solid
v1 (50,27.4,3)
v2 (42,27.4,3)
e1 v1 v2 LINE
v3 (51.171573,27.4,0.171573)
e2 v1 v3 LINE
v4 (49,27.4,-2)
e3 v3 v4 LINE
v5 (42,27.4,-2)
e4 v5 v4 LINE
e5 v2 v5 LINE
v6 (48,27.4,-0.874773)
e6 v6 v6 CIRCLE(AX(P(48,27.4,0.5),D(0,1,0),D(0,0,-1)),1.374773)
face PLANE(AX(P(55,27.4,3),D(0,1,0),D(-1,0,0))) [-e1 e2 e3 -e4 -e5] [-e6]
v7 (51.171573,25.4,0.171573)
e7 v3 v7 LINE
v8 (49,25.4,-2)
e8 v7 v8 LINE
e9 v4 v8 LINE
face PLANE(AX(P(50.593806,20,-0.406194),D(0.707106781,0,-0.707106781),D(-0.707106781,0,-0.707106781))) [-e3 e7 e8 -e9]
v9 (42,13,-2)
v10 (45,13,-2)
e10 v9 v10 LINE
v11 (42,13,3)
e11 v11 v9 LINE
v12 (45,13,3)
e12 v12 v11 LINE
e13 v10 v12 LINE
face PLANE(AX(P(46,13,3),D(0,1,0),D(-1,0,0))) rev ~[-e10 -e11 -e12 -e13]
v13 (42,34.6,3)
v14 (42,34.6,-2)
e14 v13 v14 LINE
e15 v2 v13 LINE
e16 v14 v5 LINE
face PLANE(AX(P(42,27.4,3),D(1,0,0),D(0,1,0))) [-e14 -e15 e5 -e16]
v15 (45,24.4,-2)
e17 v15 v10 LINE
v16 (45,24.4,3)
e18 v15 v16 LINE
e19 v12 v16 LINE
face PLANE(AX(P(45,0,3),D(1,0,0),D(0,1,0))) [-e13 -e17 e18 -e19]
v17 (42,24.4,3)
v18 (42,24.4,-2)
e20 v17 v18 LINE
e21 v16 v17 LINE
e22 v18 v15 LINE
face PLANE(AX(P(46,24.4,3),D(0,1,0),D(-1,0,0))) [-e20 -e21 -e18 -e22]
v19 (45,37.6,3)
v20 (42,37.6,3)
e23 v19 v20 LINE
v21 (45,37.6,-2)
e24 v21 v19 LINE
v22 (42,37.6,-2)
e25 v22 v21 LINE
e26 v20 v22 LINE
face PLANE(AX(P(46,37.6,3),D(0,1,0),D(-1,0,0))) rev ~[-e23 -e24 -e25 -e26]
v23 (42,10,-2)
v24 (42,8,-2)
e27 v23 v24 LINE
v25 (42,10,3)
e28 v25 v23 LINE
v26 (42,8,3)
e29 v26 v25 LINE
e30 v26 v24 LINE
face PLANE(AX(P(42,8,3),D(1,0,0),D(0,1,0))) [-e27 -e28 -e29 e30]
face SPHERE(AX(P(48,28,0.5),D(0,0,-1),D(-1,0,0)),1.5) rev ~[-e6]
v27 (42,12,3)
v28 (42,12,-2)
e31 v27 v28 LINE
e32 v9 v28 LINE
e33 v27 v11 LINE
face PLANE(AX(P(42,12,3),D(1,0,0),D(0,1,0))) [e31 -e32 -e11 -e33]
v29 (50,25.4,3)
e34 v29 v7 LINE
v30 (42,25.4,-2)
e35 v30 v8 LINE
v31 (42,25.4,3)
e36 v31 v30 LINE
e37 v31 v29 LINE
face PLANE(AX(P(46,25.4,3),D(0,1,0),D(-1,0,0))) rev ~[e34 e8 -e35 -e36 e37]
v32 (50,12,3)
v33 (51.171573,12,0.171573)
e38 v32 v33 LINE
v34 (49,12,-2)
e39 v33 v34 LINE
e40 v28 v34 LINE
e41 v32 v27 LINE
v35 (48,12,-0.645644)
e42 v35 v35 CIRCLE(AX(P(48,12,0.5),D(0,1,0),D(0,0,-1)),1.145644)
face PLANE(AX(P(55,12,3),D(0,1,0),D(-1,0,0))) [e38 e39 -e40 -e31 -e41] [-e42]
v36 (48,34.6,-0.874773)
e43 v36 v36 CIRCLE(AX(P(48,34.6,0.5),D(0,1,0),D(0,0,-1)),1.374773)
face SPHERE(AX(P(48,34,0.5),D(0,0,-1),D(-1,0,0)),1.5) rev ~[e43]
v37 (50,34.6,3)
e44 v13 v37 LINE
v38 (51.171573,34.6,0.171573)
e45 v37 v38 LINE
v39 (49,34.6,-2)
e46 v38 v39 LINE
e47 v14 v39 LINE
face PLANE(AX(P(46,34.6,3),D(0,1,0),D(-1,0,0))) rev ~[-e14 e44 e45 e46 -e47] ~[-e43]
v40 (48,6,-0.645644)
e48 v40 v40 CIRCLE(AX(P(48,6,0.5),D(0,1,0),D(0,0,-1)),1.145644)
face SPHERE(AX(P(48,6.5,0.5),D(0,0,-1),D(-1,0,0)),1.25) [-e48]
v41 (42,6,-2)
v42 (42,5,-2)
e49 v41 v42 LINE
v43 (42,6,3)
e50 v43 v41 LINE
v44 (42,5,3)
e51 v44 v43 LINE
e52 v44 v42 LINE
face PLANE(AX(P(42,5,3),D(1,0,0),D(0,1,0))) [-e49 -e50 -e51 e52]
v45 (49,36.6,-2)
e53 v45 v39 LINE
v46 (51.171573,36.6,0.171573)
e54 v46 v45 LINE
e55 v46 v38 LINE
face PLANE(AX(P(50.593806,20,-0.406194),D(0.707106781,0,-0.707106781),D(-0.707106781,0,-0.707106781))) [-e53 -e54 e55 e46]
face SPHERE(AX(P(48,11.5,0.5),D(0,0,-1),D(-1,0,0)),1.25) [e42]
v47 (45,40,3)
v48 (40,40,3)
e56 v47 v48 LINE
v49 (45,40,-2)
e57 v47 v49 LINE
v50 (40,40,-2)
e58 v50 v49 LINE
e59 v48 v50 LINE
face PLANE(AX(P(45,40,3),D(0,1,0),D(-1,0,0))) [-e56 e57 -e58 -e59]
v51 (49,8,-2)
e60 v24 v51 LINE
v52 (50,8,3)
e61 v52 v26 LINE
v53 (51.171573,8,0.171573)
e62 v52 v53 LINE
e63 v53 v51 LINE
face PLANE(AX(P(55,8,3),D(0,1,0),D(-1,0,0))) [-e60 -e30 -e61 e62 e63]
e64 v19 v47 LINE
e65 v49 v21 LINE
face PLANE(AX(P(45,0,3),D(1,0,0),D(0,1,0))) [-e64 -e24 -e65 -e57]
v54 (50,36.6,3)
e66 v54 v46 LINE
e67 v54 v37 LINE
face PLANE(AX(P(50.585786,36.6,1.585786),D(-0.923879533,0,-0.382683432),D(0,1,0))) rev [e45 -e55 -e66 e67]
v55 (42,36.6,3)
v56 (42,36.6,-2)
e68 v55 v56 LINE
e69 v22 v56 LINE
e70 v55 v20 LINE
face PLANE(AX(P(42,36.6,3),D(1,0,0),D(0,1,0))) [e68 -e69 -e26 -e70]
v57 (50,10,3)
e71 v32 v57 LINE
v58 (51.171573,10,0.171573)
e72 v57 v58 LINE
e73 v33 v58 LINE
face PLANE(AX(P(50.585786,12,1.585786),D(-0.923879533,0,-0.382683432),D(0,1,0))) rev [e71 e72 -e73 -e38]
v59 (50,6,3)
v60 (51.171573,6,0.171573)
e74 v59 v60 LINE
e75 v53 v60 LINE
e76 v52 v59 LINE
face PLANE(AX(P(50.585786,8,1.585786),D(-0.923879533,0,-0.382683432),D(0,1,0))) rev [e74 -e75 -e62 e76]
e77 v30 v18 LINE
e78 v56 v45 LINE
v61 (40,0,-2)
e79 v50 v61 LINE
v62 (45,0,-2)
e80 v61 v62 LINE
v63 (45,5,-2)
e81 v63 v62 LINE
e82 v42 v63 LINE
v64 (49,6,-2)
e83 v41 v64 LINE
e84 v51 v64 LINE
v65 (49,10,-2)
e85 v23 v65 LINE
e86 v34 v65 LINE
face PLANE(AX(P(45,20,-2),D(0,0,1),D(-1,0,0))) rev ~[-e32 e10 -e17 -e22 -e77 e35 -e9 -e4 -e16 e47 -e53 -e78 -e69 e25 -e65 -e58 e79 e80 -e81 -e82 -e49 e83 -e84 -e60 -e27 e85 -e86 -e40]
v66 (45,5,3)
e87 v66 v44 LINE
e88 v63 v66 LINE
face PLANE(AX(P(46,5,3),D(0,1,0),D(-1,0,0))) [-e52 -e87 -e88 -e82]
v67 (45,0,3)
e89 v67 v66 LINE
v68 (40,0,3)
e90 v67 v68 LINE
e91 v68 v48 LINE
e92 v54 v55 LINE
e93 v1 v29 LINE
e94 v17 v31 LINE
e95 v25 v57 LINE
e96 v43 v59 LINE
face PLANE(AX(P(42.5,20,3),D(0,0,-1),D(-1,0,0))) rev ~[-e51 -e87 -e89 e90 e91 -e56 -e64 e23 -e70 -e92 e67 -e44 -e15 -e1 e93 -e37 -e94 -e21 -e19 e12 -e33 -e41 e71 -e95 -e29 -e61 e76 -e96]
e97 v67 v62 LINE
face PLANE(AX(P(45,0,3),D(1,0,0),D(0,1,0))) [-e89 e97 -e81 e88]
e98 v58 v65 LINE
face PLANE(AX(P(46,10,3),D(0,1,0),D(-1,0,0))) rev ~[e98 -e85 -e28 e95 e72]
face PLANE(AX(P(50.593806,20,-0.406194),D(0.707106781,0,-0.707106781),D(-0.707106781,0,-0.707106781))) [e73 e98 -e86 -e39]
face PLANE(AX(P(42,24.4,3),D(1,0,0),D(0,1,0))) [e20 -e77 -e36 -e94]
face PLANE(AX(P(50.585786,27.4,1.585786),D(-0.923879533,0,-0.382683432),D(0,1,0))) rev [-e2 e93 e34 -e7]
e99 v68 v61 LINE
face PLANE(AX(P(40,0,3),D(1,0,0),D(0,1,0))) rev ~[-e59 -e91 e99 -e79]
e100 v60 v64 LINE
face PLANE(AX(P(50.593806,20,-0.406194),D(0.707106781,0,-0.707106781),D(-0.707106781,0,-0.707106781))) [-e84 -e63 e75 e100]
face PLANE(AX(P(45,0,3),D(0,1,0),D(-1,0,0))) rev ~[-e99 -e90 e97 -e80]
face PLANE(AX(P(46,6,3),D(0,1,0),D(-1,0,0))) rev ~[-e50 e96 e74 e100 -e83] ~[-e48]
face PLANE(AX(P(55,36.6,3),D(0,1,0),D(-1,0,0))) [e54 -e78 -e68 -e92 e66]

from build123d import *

# Parameters (mm, degrees)
BOX032_W               = 12
BOX032_H               = 44
BOX032_DEPTH           = 10
BOX027_W               = 4
BOX027_H               = 1
BOX027_DEPTH           = 7
BOX035_W               = 4
BOX035_H               = 1
BOX035_DEPTH           = 7
BOX036_W               = 4
BOX036_H               = 2
BOX036_DEPTH           = 7
BOX038_W               = 4
BOX038_H               = 1
BOX038_DEPTH           = 7
BOX030_W               = 4
BOX030_H               = 1
BOX030_DEPTH           = 7
BOX029_W               = 4
BOX029_H               = 7.2
BOX029_DEPTH           = 7
BOX028_W               = 13
BOX028_H               = 40
BOX028_DEPTH           = 10
BOX028_PLACEMENT_ANGLE = 45
BOX031_W               = 10
BOX031_H               = 2
BOX031_DEPTH           = 7
BOX034_W               = 10
BOX034_H               = 2
BOX034_DEPTH           = 7
BOX033_W               = 10
BOX033_H               = 2
BOX033_DEPTH           = 7
BOX037_W               = 10
BOX037_H               = 2
BOX037_DEPTH           = 7
BOX039_W               = 5
BOX039_H               = 40
BOX039_DEPTH           = 7
CHAMFER003_SIZE        = 4
CUT010_PLACEMENT_ANGLE = 180
CUT009_PLACEMENT_ANGLE = 180


with BuildPart() as cube032:
    # Box032 → Box032 (new body)
    with BuildSketch(Plane(origin=(-11, -2, -12), x_dir=(1, 0, 0), z_dir=(0, 0, 1))):
        with Locations((6, 22)):
            Rectangle(BOX032_W, BOX032_H)
    extrude(amount=BOX032_DEPTH)


with BuildPart() as cube027:
    # Box027 → Box027 (new body)
    with BuildSketch(Plane(origin=(-1, 12, 0), x_dir=(1, 0, 0), z_dir=(0, 0, 1))):
        with Locations((2, 0.5)):
            Rectangle(BOX027_W, BOX027_H)
    extrude(amount=BOX027_DEPTH)


with BuildPart() as cube035:
    # Box035 → Box035 (new body)
    with BuildSketch(Plane(origin=(-1, 36.6, 0), x_dir=(1, 0, 0), z_dir=(0, 0, 1))):
        with Locations((2, 0.5)):
            Rectangle(BOX035_W, BOX035_H)
    extrude(amount=BOX035_DEPTH)


with BuildPart() as cube036:
    # Box036 → Box036 (new body)
    with BuildSketch(Plane(origin=(-1, 8, 0), x_dir=(1, 0, 0), z_dir=(0, 0, 1))):
        with Locations((2, 1)):
            Rectangle(BOX036_W, BOX036_H)
    extrude(amount=BOX036_DEPTH)


with BuildPart() as cube038:
    # Box038 → Box038 (new body)
    with BuildSketch(Plane(origin=(-1, 24.4, 0), x_dir=(1, 0, 0), z_dir=(0, 0, 1))):
        with Locations((2, 0.5)):
            Rectangle(BOX038_W, BOX038_H)
    extrude(amount=BOX038_DEPTH)


with BuildPart() as cube030:
    # Box030 → Box030 (new body)
    with BuildSketch(Plane(origin=(-1, 5, 0), x_dir=(1, 0, 0), z_dir=(0, 0, 1))):
        with Locations((2, 0.5)):
            Rectangle(BOX030_W, BOX030_H)
    extrude(amount=BOX030_DEPTH)


with BuildPart() as fusion009:
    # Box029 → Box029 (new body)
    with BuildSketch(Plane(origin=(-1, 27.4, 0), x_dir=(1, 0, 0), z_dir=(0, 0, 1))):
        with Locations((2, 3.6)):
            Rectangle(BOX029_W, BOX029_H)
    extrude(amount=BOX029_DEPTH)

    # Fusion009: union Cube027, Cube035, Cube036, Cube038, Cube030
    add(cube027.part)
    add(cube035.part)
    add(cube036.part)
    add(cube038.part)
    add(cube030.part)


with BuildPart() as sphere017:
    # Sphere017 → Sphere017 (revolve)
    with BuildSketch(Plane(origin=(-3, 28, 2.5), x_dir=(1, 0, 0), z_dir=(0, -1, 0))):
        with BuildLine():
            ThreePointArc((0, -1.5), (1.5, 0), (0, 1.5))
            Line((0, 1.5), (0, -1.5))
        make_face()
    revolve(axis=Axis((-3, 28, 2.5), (0, 0, 1)))


with BuildPart() as fusion011:
    # Sphere019 → Sphere019 (revolve)
    with BuildSketch(Plane(origin=(-3, 34, 2.5), x_dir=(1, 0, 0), z_dir=(0, -1, 0))):
        with BuildLine():
            ThreePointArc((0, -1.5), (1.5, 0), (0, 1.5))
            Line((0, 1.5), (0, -1.5))
        make_face()
    revolve(axis=Axis((-3, 34, 2.5), (0, 0, 1)))

    # Fusion011: union Sphere017
    add(sphere017.part)


with BuildPart() as sphere018:
    # Sphere018 → Sphere018 (revolve)
    with BuildSketch(Plane(origin=(-3, 11.5, 2.5), x_dir=(1, 0, 0), z_dir=(0, -1, 0))):
        with BuildLine():
            ThreePointArc((0, -1.25), (1.25, 0), (0, 1.25))
            Line((0, 1.25), (0, -1.25))
        make_face()
    revolve(axis=Axis((-3, 11.5, 2.5), (0, 0, 1)))


with BuildPart() as cube028:
    # Box028 → Box028 (new body)
    with BuildSketch(Plane.XY):
        with Locations((6.5, 20)):
            Rectangle(BOX028_W, BOX028_H)
    extrude(amount=BOX028_DEPTH)


with BuildPart() as cube028_1:
    # Box028 placement: moved
    add(cube028.part.moved(Location((-10.19, 0, -1.19))).rotate(Axis((-10.19, 0, -1.19), (0, -1, 0)), BOX028_PLACEMENT_ANGLE))


with BuildPart() as cube031:
    # Box031 → Box031 (new body)
    with BuildSketch(Plane(origin=(-10, 6, 0), x_dir=(1, 0, 0), z_dir=(0, 0, 1))):
        with Locations((5, 1)):
            Rectangle(BOX031_W, BOX031_H)
    extrude(amount=BOX031_DEPTH)


with BuildPart() as cube034:
    # Box034 → Box034 (new body)
    with BuildSketch(Plane(origin=(-10, 10, 0), x_dir=(1, 0, 0), z_dir=(0, 0, 1))):
        with Locations((5, 1)):
            Rectangle(BOX034_W, BOX034_H)
    extrude(amount=BOX034_DEPTH)


with BuildPart() as cube033:
    # Box033 → Box033 (new body)
    with BuildSketch(Plane(origin=(-10, 25.4, 0), x_dir=(1, 0, 0), z_dir=(0, 0, 1))):
        with Locations((5, 1)):
            Rectangle(BOX033_W, BOX033_H)
    extrude(amount=BOX033_DEPTH)


with BuildPart() as cube037:
    # Box037 → Box037 (new body)
    with BuildSketch(Plane(origin=(-10, 34.6, 0), x_dir=(1, 0, 0), z_dir=(0, 0, 1))):
        with Locations((5, 1)):
            Rectangle(BOX037_W, BOX037_H)
    extrude(amount=BOX037_DEPTH)


with BuildPart() as cut011:
    # Box039 → Box039 (new body)
    with BuildSketch(Plane.XY):
        with Locations((2.5, 20)):
            Rectangle(BOX039_W, BOX039_H)
    extrude(amount=BOX039_DEPTH)

    # Fusion012: union Cube031, Cube034, Cube033, Cube037
    add(cube031.part)
    add(cube034.part)
    add(cube033.part)
    add(cube037.part)

    # Cut011: cut Cube028
    add(cube028_1.part, mode=Mode.SUBTRACT)


with BuildPart() as cut009:
    # Sphere016 → Sphere016 (revolve)
    with BuildSketch(Plane(origin=(-3, 6.5, 2.5), x_dir=(1, 0, 0), z_dir=(0, -1, 0))):
        with BuildLine():
            ThreePointArc((0, -1.25), (1.25, 0), (0, 1.25))
            Line((0, 1.25), (0, -1.25))
        make_face()
    revolve(axis=Axis((-3, 6.5, 2.5), (0, 0, 1)))

    # Fusion010: union Sphere018, Cut011
    add(sphere018.part)
    add(cut011.part)

    # Cut012: cut Fusion011
    add(fusion011.part, mode=Mode.SUBTRACT)

    # Chamfer003
    chamfer003_edges = [cut009.edges().sort_by_distance(p)[0] for p in [
        (-9, 7, 0),
        (-9, 11, 0),
        (-9, 35.6, 0),
        (-9, 26.4, 0),
    ]]
    chamfer(chamfer003_edges, length=CHAMFER003_SIZE)

    # Cut010: cut Fusion009
    add(fusion009.part, mode=Mode.SUBTRACT)


with BuildPart() as cut009_1:
    # Cut010 placement: moved
    add(cut009.part.moved(Location((-5, 40, 3))).rotate(Axis((-5, 40, 3), (1, 0, 0)), CUT010_PLACEMENT_ANGLE))

    # Cut009: cut Cube032
    add(cube032.part, mode=Mode.SUBTRACT)


with BuildPart() as cut009_2:
    # Cut009 placement: moved
    add(cut009_1.part.moved(Location((40, 40, 0))).rotate(Axis((40, 40, 0), (0, 0, 1)), CUT009_PLACEMENT_ANGLE))


solid = cut009_2.part
